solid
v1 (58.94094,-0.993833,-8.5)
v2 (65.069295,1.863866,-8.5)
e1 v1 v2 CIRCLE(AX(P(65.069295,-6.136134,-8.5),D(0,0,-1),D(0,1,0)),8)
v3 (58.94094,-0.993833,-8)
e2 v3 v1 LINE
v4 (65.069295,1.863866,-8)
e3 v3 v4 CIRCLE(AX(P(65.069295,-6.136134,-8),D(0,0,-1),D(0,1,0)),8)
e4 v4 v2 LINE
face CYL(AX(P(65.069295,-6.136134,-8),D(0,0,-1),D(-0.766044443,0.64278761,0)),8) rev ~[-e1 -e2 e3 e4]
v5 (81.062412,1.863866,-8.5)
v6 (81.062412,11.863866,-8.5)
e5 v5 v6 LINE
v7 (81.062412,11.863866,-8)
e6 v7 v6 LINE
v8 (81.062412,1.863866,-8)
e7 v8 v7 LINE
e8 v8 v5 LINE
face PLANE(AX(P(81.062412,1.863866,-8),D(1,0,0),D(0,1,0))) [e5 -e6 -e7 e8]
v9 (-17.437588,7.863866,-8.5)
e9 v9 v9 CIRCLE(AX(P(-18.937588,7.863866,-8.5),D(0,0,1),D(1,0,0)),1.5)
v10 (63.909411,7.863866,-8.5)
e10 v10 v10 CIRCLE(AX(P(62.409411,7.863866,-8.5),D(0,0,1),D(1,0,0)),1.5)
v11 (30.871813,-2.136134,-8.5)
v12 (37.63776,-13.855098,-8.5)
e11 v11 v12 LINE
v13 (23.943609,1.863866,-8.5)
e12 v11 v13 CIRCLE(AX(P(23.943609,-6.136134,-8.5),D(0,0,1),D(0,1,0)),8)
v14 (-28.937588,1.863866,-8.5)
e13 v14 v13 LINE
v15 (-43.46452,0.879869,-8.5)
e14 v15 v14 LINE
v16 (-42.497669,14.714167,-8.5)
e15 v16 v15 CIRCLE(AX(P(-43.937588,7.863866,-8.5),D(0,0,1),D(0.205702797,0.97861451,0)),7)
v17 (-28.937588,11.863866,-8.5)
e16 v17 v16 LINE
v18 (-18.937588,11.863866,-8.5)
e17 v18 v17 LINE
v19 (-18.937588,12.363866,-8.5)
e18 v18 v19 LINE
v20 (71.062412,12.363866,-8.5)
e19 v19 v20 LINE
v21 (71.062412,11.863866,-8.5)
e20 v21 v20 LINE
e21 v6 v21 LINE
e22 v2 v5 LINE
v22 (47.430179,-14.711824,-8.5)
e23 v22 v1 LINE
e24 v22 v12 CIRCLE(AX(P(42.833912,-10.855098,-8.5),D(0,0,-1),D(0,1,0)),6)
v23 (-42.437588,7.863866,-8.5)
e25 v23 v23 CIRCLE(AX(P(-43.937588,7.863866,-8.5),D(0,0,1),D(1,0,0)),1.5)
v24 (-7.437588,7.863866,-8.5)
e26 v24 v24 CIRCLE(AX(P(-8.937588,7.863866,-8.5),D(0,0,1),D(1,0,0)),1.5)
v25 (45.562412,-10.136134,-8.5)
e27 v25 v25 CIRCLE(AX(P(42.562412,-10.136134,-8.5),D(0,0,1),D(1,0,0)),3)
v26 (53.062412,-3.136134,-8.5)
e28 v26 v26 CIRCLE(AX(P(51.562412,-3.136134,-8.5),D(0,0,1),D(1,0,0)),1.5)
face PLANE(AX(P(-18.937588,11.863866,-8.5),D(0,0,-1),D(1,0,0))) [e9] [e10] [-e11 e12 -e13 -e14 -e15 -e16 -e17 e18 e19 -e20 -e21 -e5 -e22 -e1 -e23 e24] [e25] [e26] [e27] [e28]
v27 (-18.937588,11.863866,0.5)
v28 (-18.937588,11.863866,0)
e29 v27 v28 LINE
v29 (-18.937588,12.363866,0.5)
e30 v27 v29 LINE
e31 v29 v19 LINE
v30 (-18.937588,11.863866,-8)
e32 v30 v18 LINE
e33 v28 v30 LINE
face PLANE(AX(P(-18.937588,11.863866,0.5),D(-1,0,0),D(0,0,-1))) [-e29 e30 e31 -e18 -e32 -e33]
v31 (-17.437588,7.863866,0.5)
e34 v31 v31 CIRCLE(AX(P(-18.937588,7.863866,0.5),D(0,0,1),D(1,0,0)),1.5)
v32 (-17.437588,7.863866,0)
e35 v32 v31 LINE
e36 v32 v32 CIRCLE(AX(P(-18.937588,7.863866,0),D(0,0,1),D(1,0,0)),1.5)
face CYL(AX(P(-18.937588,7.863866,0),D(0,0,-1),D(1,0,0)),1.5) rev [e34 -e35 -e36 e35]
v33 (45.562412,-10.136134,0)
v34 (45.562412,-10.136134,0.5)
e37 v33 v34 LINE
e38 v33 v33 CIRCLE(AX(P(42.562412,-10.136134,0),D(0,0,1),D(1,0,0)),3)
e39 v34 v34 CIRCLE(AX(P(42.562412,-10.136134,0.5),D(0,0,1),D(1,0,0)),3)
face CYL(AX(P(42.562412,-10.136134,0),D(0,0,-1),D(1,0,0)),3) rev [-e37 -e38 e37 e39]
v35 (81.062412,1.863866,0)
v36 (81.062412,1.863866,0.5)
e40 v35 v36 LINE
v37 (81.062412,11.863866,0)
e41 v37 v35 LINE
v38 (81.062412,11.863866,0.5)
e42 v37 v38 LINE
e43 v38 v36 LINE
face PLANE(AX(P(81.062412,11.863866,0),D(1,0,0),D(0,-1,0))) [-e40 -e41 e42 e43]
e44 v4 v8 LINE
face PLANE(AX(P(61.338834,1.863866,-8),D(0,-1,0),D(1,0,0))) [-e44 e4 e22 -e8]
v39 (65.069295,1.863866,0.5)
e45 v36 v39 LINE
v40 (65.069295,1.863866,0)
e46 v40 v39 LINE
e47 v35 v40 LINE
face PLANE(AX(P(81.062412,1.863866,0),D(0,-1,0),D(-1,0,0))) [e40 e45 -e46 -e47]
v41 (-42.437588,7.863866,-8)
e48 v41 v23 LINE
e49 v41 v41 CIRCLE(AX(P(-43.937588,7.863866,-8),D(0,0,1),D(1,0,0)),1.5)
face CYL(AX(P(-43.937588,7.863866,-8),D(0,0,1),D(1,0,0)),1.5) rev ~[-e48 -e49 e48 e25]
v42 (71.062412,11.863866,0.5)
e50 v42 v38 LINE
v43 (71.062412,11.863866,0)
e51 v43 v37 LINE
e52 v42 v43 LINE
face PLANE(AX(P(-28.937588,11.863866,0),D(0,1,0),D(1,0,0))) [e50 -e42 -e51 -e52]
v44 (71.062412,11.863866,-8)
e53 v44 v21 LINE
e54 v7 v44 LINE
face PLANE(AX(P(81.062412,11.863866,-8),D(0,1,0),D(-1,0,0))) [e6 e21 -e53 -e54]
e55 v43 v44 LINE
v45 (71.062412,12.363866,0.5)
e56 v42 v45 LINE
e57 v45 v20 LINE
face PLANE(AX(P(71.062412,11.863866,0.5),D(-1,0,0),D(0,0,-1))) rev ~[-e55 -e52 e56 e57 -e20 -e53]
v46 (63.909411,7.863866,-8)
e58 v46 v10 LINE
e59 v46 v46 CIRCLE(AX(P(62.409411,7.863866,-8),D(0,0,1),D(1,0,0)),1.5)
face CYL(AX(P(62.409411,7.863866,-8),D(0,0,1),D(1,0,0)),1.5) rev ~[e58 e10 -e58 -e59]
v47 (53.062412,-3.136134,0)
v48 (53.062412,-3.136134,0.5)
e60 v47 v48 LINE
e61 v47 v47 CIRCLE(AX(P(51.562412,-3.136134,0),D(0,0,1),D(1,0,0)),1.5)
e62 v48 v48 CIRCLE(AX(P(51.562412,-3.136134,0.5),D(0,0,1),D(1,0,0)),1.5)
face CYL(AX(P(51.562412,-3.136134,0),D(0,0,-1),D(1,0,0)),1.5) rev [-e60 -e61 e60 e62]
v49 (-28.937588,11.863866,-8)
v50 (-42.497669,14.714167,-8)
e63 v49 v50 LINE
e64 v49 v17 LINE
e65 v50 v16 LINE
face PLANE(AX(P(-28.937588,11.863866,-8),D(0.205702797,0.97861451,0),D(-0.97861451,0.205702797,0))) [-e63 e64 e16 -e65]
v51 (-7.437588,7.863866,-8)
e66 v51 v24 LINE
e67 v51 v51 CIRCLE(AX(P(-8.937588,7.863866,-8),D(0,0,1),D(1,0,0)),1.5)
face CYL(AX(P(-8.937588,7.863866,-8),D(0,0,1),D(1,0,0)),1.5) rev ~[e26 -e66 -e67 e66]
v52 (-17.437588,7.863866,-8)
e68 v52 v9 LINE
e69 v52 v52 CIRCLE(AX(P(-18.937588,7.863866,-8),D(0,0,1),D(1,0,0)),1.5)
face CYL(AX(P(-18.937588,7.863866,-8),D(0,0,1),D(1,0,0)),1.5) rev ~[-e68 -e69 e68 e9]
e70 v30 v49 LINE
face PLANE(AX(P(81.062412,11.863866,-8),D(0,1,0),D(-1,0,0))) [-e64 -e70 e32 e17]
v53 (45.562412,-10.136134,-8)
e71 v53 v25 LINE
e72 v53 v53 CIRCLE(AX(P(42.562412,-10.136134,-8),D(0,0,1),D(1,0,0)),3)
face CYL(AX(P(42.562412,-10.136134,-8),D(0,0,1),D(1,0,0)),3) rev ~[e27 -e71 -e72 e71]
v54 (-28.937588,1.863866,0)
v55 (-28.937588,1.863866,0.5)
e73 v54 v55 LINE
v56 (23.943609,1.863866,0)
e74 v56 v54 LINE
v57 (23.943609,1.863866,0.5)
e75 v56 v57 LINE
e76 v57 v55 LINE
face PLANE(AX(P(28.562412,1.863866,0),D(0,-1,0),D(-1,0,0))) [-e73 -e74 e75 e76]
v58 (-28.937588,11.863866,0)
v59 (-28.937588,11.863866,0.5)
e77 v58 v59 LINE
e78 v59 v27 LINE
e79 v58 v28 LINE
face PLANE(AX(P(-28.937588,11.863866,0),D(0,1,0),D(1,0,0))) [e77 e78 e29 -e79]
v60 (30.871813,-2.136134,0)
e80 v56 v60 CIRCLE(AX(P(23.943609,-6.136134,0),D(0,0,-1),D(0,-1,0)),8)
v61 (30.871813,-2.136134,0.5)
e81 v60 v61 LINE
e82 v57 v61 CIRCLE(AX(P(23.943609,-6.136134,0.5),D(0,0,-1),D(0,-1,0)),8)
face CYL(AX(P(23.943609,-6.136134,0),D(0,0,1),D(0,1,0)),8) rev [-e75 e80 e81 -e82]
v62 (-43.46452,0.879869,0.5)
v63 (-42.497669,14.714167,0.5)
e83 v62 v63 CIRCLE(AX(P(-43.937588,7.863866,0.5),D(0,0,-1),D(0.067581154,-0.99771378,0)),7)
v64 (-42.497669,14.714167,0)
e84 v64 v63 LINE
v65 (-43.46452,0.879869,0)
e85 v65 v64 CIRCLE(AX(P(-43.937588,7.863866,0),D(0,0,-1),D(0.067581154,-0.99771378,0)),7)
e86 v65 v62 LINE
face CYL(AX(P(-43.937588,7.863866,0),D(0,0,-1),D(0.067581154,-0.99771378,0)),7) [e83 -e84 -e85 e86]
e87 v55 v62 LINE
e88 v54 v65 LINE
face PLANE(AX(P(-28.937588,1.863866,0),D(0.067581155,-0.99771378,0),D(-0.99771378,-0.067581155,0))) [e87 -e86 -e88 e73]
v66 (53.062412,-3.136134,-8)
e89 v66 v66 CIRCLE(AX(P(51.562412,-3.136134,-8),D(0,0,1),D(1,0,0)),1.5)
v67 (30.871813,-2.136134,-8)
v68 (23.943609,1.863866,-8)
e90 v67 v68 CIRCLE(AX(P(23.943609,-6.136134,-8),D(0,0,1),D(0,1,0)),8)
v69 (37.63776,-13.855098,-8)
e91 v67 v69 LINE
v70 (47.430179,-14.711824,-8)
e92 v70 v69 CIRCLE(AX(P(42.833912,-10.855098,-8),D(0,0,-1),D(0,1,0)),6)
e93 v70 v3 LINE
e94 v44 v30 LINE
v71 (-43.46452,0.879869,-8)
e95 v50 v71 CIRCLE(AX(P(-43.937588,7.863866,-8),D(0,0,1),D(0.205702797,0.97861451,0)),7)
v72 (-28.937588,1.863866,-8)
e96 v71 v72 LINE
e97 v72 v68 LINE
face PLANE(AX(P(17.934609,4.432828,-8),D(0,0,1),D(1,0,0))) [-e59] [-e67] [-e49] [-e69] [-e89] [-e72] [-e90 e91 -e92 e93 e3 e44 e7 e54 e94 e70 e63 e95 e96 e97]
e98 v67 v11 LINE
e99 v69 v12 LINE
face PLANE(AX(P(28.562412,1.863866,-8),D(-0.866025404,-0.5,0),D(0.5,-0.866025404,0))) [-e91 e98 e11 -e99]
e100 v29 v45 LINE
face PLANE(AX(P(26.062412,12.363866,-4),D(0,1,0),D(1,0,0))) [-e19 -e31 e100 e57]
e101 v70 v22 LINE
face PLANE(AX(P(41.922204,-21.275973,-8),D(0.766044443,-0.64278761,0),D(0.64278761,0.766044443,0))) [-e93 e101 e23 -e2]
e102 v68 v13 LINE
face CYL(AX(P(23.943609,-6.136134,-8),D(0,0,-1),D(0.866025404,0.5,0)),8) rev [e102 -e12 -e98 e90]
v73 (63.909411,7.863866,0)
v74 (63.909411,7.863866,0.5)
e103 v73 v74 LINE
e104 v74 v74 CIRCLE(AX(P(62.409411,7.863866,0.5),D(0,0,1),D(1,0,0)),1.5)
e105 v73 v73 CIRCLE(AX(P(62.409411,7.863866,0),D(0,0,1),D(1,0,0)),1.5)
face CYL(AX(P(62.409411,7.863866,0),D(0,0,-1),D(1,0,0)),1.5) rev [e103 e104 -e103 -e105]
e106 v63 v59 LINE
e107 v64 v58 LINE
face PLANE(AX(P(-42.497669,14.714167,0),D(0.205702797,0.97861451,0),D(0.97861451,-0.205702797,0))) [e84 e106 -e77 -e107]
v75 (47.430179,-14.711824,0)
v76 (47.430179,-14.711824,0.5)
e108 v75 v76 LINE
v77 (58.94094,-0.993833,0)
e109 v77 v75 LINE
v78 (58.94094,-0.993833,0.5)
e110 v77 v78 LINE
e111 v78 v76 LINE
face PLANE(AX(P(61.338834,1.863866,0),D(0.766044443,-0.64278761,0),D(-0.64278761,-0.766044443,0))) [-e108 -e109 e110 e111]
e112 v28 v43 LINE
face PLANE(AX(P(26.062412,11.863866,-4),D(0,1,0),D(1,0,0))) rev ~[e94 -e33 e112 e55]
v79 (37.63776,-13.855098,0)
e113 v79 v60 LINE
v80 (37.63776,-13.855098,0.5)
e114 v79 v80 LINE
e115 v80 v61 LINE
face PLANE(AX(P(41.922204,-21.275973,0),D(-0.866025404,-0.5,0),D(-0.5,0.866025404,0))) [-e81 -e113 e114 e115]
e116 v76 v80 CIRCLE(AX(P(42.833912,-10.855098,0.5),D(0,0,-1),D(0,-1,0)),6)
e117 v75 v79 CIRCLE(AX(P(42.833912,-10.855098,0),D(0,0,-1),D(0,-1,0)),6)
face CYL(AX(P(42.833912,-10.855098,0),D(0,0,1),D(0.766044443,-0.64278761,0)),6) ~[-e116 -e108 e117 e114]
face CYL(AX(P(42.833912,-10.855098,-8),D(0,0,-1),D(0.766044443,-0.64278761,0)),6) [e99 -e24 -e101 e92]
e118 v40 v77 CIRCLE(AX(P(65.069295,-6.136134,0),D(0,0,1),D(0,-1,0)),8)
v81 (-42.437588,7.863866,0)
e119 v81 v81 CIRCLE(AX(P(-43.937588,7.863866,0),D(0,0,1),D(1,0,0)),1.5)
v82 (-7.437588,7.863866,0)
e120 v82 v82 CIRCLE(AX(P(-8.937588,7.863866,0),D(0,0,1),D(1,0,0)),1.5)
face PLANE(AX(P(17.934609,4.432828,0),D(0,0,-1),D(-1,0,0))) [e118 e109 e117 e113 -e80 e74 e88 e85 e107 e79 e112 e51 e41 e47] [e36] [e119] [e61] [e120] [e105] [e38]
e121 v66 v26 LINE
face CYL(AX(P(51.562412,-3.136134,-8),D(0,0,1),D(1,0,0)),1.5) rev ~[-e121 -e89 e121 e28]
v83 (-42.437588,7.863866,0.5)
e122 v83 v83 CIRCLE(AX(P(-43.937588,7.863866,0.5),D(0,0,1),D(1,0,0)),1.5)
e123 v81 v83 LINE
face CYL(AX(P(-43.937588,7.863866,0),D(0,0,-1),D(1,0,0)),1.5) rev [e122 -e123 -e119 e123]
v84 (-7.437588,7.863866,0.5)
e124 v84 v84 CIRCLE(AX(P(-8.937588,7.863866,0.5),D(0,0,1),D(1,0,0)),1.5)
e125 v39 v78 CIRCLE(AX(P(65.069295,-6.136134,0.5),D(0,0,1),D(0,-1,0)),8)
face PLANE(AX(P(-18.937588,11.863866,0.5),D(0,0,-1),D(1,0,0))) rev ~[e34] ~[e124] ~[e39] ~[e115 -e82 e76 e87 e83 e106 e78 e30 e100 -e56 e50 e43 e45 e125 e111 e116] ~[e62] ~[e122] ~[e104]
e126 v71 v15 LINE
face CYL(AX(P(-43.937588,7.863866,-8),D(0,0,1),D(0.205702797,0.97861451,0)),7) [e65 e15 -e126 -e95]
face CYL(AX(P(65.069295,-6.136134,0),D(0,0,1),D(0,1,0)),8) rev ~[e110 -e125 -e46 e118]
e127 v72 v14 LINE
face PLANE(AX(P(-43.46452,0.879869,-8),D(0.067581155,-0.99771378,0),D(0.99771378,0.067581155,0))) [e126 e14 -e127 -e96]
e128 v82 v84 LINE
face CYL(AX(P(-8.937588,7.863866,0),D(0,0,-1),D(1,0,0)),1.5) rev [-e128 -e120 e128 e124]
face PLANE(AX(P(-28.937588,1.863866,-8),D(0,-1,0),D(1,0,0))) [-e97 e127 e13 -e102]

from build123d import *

# Parameters (mm, degrees)
SKETCH_1_R      = 1.5
SKETCH_1_R_2    = 3
EXTRUDE_1_DEPTH = 0.5
SKETCH_3_R      = 1.5
SKETCH_3_R_2    = 3
EXTRUDE_2_DEPTH = 0.5
SKETCH_4_W      = 90
SKETCH_4_H      = 9
EXTRUDE_3_DEPTH = 0.5
FILLET_1_R      = 8
FILLET_2_R      = 6


with BuildPart() as part:
    # 草图1 → 凸台-拉伸1 (new body)
    with BuildSketch(Plane.XY):
        with BuildLine():
            Line((-28.937588447, 11.863865809), (81.062411553, 11.863865809))
            Line((81.062411553, 11.863865809), (81.062411553, 1.863865809))
            Line((81.062411553, 1.863865809), (61.338833841, 1.863865809))
            Line((61.338833841, 1.863865809), (41.922203683, -21.275972939))
            Line((41.922203683, -21.275972939), (28.562411553, 1.863865809))
            Line((28.562411553, 1.863865809), (-28.937588447, 1.863865809))
            Line((-28.937588447, 1.863865809), (-43.464520366, 0.879869346))
            ThreePointArc((-43.464520366, 0.879869346), (-50.920555651, 8.351891461), (-42.497668866, 14.714167379))
            Line((-42.497668866, 14.714167379), (-28.937588447, 11.863865809))
        make_face()
        with Locations((-43.937588447, 7.863865809)):
            Circle(SKETCH_1_R, mode=Mode.SUBTRACT)
        with Locations((42.562411553, -10.136134191)):
            Circle(SKETCH_1_R_2, mode=Mode.SUBTRACT)
        with Locations((51.562411553, -3.136134191)):
            Circle(SKETCH_1_R, mode=Mode.SUBTRACT)
        with Locations((-18.937588447, 7.863865809)):
            Circle(SKETCH_1_R, mode=Mode.SUBTRACT)
        with Locations((-8.937588447, 7.863865809)):
            Circle(SKETCH_1_R, mode=Mode.SUBTRACT)
        with Locations((62.409410938, 7.863865809)):
            Circle(SKETCH_1_R, mode=Mode.SUBTRACT)
    extrude(amount=EXTRUDE_1_DEPTH)



with BuildPart() as body_2:
    # 草图3 → 凸台-拉伸2 (new body)
    with BuildSketch(Plane.XY.offset(-8)):
        with BuildLine():
            Line((41.922203683, -21.275972939), (61.338833841, 1.863865809))
            Line((61.338833841, 1.863865809), (81.062411553, 1.863865809))
            Line((81.062411553, 1.863865809), (81.062411553, 11.863865809))
            Line((81.062411553, 11.863865809), (-28.937588447, 11.863865809))
            Line((-28.937588447, 11.863865809), (-42.497668866, 14.714167379))
            ThreePointArc((-42.497668866, 14.714167379), (-50.920555651, 8.351891461), (-43.464520366, 0.879869346))
            Line((-43.464520366, 0.879869346), (-28.937588447, 1.863865809))
            Line((-28.937588447, 1.863865809), (28.562411553, 1.863865809))
            Line((28.562411553, 1.863865809), (41.922203683, -21.275972939))
        make_face()
        with Locations((51.562411553, -3.136134191)):
            Circle(SKETCH_3_R, mode=Mode.SUBTRACT)
        with Locations((42.562411553, -10.136134191)):
            Circle(SKETCH_3_R_2, mode=Mode.SUBTRACT)
        with Locations((-43.937588447, 7.863865809)):
            Circle(SKETCH_3_R, mode=Mode.SUBTRACT)
        with Locations((62.409410938, 7.863865809)):
            Circle(SKETCH_3_R, mode=Mode.SUBTRACT)
        with Locations((-8.937588447, 7.863865809)):
            Circle(SKETCH_3_R, mode=Mode.SUBTRACT)
        with Locations((-18.937588447, 7.863865809)):
            Circle(SKETCH_3_R, mode=Mode.SUBTRACT)
    extrude(amount=-EXTRUDE_2_DEPTH)


with BuildPart() as part_1:
    add(part.part)

    add(body_2.part)  # 凸台-拉伸3 merges body 2
    # 草图4 → 凸台-拉伸3 (add)
    with BuildSketch(Plane(origin=(0, 11.863865809, 0), x_dir=(1, 0, 0), z_dir=(0, 1, 0))):
        with Locations((26.062411553, 4)):
            Rectangle(SKETCH_4_W, SKETCH_4_H)
    extrude(amount=EXTRUDE_3_DEPTH)

    # 圆角1
    fillet_1_edges = [part_1.edges().sort_by_distance(p)[0] for p in [
        (61.338833841, 1.863865809, 0.25),
        (28.562411553, 1.863865809, 0.25),
        (28.562411553, 1.863865809, -8.25),
        (61.338833841, 1.863865809, -8.25),
    ]]
    fillet(fillet_1_edges, radius=FILLET_1_R)

    # 圆角2
    fillet_2_edges = [part_1.edges().sort_by_distance(p)[0] for p in [
        (41.922203683, -21.275972939, 0.25),
        (41.922203683, -21.275972939, -8.25),
    ]]
    fillet(fillet_2_edges, radius=FILLET_2_R)


solid = part_1.part
